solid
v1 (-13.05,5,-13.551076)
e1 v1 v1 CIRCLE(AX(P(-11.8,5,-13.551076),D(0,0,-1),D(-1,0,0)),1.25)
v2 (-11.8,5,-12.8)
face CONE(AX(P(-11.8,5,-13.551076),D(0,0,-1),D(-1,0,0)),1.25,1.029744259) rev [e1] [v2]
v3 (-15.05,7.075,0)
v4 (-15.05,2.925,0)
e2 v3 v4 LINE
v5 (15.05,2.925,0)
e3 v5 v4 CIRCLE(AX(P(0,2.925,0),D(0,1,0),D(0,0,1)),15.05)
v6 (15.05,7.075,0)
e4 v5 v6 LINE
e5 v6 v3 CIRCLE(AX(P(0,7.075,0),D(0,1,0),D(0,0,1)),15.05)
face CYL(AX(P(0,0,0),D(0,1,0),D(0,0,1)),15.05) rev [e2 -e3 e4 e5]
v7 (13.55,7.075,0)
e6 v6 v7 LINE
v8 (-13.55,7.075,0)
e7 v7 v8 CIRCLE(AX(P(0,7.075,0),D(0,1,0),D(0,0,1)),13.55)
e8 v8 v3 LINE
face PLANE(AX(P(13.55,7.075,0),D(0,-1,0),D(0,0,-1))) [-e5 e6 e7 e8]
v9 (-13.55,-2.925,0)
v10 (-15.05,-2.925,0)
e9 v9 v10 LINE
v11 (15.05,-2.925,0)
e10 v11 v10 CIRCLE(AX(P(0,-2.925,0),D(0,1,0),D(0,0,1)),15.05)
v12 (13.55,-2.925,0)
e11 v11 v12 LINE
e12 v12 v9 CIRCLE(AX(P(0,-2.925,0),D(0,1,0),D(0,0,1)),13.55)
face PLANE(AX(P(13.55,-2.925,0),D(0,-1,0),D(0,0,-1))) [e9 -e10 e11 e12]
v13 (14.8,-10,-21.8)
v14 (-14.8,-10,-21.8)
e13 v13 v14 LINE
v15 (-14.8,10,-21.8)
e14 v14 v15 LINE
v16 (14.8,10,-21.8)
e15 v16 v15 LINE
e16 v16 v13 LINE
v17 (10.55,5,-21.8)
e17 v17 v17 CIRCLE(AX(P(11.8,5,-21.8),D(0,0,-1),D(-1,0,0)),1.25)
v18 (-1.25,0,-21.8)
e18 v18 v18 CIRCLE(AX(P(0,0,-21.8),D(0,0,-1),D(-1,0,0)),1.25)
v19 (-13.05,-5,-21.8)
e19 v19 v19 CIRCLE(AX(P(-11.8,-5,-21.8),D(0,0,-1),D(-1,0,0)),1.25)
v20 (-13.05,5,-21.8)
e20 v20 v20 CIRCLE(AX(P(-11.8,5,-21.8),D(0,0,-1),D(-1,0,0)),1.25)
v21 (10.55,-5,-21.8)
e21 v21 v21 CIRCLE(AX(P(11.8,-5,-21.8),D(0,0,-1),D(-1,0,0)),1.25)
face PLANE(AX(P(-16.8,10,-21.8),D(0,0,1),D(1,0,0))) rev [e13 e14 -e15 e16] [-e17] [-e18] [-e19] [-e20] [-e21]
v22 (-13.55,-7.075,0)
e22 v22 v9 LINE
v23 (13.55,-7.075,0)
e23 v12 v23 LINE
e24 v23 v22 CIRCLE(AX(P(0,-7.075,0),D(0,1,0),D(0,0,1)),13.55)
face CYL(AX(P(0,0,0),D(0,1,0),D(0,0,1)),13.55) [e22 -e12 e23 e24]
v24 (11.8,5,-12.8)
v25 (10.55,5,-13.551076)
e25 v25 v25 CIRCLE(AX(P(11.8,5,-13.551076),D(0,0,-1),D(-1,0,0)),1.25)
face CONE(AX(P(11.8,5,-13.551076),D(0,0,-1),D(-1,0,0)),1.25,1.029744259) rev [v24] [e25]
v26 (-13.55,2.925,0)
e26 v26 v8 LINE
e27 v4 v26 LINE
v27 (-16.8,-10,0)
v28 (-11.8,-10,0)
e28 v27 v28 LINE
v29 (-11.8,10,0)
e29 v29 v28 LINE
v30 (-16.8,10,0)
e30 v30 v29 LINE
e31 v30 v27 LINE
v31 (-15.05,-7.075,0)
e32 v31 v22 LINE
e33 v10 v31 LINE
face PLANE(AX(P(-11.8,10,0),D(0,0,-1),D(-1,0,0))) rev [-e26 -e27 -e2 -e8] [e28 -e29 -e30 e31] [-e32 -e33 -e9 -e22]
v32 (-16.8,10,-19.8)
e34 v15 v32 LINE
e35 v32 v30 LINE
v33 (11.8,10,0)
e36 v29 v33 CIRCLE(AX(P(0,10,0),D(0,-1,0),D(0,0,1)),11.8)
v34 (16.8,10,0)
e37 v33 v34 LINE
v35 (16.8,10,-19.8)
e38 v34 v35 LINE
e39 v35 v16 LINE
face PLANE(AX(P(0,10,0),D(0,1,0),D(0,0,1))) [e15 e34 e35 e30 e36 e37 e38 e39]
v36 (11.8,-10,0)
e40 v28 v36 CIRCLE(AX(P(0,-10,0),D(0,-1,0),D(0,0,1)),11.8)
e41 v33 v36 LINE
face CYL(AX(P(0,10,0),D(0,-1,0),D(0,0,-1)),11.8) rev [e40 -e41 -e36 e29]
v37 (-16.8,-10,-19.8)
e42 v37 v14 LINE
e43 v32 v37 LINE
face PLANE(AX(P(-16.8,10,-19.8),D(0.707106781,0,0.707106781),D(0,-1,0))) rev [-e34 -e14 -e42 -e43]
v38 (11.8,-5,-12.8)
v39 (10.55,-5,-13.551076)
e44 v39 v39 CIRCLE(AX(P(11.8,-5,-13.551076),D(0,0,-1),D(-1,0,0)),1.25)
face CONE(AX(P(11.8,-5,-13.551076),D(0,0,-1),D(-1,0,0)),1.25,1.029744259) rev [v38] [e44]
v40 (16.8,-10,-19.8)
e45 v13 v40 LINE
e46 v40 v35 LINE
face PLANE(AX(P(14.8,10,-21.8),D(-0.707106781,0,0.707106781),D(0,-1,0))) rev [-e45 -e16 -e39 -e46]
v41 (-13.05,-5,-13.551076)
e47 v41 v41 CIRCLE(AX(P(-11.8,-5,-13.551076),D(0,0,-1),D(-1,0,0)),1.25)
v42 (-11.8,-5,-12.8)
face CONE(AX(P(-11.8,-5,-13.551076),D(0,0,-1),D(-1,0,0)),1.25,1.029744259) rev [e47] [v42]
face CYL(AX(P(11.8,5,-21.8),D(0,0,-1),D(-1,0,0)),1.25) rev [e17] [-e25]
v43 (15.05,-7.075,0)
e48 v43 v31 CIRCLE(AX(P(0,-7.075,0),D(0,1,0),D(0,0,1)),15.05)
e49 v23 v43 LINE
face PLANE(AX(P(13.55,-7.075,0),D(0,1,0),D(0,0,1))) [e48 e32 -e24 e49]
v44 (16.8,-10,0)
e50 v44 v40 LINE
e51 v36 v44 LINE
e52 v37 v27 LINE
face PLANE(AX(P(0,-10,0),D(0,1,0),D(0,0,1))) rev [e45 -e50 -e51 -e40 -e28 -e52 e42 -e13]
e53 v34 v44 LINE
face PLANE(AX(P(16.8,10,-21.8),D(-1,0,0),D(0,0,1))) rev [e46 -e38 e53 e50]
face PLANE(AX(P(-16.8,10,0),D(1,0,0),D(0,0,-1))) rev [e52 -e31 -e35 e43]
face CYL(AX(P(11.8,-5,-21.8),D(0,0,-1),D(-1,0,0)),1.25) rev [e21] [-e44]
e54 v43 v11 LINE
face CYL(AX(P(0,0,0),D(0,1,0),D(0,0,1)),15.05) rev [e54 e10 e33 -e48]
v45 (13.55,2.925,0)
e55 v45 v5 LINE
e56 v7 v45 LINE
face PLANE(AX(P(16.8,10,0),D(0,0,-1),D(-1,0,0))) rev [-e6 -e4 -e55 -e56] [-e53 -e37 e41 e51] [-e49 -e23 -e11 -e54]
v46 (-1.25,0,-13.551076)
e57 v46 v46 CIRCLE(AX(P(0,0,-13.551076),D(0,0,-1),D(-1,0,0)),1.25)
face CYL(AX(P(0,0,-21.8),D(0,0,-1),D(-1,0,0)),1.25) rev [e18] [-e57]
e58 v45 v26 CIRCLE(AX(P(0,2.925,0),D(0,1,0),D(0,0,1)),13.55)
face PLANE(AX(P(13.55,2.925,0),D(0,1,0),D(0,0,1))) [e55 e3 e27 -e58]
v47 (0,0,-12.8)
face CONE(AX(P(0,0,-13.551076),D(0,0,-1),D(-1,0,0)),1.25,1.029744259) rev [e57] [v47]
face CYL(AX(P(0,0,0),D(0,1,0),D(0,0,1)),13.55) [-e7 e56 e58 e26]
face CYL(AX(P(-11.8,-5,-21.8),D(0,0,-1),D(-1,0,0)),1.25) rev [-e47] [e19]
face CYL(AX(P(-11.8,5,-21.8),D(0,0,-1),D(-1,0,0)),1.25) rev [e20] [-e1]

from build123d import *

# Parameters (mm, degrees)
BOSS_EXTRUDE1_DEPTH             = 10
SKETCH2_W                       = 1.5
SKETCH2_H                       = 4.15
TAP_DRILL_FOR_M3X0_5_TAP1_D     = 2.5
TAP_DRILL_FOR_M3X0_5_TAP1_DEPTH = 8.248924226
TAP_DRILL_FOR_M3X0_5_TAP1_TIP   = 0.751075774
CHAMFER1_SIZE                   = 2


with BuildPart() as part:
    # Sketch1 → Boss-Extrude1 (new, symmetric)
    with BuildSketch(Plane(origin=(0, 0, 0), x_dir=(1, 0, 0), z_dir=(0, 1, 0))):
        with BuildLine():
            Line((-11.8, 0), (-16.8, 0))
            Line((-16.8, 0), (-16.8, 21.8))
            Line((-16.8, 21.8), (16.8, 21.8))
            Line((16.8, 21.8), (16.8, 0))
            Line((16.8, 0), (11.8, 0))
            ThreePointArc((11.8, 0), (0, 11.8), (-11.8, 0))
        make_face()
    extrude(amount=BOSS_EXTRUDE1_DEPTH, both=True)

    # Sketch2 → Cut-Revolve1 (revolve, cut)
    with BuildSketch(Plane.XY):
        with Locations((14.3, 5)):
            Rectangle(SKETCH2_W, SKETCH2_H)
        with Locations((14.3, -5)):
            Rectangle(SKETCH2_W, SKETCH2_H)
    revolve(axis=Axis((0, 0, 0), (0, -1, 0)), mode=Mode.SUBTRACT)

    # Tap Drill for M3x0.5 Tap1
    with Locations(Plane(origin=(0, 0, -21.8), x_dir=(-1, 0, 0), z_dir=(0, 0, -1))):
        with Locations((0, 0), (11.8, -5), (11.8, 5), (-11.8, 5), (-11.8, -5)):
            Hole(TAP_DRILL_FOR_M3X0_5_TAP1_D / 2, depth=TAP_DRILL_FOR_M3X0_5_TAP1_DEPTH)
            with Locations((0, 0, -(TAP_DRILL_FOR_M3X0_5_TAP1_DEPTH + TAP_DRILL_FOR_M3X0_5_TAP1_TIP / 2))):  # 118° drill point
                Cone(0, TAP_DRILL_FOR_M3X0_5_TAP1_D / 2, TAP_DRILL_FOR_M3X0_5_TAP1_TIP, mode=Mode.SUBTRACT)

    # Chamfer1
    chamfer1_edges = [part.edges().sort_by_distance(p)[0] for p in [
        (-16.8, 0, -21.8),
        (16.8, 0, -21.8),
    ]]
    chamfer(chamfer1_edges, length=CHAMFER1_SIZE)


solid = part.part
